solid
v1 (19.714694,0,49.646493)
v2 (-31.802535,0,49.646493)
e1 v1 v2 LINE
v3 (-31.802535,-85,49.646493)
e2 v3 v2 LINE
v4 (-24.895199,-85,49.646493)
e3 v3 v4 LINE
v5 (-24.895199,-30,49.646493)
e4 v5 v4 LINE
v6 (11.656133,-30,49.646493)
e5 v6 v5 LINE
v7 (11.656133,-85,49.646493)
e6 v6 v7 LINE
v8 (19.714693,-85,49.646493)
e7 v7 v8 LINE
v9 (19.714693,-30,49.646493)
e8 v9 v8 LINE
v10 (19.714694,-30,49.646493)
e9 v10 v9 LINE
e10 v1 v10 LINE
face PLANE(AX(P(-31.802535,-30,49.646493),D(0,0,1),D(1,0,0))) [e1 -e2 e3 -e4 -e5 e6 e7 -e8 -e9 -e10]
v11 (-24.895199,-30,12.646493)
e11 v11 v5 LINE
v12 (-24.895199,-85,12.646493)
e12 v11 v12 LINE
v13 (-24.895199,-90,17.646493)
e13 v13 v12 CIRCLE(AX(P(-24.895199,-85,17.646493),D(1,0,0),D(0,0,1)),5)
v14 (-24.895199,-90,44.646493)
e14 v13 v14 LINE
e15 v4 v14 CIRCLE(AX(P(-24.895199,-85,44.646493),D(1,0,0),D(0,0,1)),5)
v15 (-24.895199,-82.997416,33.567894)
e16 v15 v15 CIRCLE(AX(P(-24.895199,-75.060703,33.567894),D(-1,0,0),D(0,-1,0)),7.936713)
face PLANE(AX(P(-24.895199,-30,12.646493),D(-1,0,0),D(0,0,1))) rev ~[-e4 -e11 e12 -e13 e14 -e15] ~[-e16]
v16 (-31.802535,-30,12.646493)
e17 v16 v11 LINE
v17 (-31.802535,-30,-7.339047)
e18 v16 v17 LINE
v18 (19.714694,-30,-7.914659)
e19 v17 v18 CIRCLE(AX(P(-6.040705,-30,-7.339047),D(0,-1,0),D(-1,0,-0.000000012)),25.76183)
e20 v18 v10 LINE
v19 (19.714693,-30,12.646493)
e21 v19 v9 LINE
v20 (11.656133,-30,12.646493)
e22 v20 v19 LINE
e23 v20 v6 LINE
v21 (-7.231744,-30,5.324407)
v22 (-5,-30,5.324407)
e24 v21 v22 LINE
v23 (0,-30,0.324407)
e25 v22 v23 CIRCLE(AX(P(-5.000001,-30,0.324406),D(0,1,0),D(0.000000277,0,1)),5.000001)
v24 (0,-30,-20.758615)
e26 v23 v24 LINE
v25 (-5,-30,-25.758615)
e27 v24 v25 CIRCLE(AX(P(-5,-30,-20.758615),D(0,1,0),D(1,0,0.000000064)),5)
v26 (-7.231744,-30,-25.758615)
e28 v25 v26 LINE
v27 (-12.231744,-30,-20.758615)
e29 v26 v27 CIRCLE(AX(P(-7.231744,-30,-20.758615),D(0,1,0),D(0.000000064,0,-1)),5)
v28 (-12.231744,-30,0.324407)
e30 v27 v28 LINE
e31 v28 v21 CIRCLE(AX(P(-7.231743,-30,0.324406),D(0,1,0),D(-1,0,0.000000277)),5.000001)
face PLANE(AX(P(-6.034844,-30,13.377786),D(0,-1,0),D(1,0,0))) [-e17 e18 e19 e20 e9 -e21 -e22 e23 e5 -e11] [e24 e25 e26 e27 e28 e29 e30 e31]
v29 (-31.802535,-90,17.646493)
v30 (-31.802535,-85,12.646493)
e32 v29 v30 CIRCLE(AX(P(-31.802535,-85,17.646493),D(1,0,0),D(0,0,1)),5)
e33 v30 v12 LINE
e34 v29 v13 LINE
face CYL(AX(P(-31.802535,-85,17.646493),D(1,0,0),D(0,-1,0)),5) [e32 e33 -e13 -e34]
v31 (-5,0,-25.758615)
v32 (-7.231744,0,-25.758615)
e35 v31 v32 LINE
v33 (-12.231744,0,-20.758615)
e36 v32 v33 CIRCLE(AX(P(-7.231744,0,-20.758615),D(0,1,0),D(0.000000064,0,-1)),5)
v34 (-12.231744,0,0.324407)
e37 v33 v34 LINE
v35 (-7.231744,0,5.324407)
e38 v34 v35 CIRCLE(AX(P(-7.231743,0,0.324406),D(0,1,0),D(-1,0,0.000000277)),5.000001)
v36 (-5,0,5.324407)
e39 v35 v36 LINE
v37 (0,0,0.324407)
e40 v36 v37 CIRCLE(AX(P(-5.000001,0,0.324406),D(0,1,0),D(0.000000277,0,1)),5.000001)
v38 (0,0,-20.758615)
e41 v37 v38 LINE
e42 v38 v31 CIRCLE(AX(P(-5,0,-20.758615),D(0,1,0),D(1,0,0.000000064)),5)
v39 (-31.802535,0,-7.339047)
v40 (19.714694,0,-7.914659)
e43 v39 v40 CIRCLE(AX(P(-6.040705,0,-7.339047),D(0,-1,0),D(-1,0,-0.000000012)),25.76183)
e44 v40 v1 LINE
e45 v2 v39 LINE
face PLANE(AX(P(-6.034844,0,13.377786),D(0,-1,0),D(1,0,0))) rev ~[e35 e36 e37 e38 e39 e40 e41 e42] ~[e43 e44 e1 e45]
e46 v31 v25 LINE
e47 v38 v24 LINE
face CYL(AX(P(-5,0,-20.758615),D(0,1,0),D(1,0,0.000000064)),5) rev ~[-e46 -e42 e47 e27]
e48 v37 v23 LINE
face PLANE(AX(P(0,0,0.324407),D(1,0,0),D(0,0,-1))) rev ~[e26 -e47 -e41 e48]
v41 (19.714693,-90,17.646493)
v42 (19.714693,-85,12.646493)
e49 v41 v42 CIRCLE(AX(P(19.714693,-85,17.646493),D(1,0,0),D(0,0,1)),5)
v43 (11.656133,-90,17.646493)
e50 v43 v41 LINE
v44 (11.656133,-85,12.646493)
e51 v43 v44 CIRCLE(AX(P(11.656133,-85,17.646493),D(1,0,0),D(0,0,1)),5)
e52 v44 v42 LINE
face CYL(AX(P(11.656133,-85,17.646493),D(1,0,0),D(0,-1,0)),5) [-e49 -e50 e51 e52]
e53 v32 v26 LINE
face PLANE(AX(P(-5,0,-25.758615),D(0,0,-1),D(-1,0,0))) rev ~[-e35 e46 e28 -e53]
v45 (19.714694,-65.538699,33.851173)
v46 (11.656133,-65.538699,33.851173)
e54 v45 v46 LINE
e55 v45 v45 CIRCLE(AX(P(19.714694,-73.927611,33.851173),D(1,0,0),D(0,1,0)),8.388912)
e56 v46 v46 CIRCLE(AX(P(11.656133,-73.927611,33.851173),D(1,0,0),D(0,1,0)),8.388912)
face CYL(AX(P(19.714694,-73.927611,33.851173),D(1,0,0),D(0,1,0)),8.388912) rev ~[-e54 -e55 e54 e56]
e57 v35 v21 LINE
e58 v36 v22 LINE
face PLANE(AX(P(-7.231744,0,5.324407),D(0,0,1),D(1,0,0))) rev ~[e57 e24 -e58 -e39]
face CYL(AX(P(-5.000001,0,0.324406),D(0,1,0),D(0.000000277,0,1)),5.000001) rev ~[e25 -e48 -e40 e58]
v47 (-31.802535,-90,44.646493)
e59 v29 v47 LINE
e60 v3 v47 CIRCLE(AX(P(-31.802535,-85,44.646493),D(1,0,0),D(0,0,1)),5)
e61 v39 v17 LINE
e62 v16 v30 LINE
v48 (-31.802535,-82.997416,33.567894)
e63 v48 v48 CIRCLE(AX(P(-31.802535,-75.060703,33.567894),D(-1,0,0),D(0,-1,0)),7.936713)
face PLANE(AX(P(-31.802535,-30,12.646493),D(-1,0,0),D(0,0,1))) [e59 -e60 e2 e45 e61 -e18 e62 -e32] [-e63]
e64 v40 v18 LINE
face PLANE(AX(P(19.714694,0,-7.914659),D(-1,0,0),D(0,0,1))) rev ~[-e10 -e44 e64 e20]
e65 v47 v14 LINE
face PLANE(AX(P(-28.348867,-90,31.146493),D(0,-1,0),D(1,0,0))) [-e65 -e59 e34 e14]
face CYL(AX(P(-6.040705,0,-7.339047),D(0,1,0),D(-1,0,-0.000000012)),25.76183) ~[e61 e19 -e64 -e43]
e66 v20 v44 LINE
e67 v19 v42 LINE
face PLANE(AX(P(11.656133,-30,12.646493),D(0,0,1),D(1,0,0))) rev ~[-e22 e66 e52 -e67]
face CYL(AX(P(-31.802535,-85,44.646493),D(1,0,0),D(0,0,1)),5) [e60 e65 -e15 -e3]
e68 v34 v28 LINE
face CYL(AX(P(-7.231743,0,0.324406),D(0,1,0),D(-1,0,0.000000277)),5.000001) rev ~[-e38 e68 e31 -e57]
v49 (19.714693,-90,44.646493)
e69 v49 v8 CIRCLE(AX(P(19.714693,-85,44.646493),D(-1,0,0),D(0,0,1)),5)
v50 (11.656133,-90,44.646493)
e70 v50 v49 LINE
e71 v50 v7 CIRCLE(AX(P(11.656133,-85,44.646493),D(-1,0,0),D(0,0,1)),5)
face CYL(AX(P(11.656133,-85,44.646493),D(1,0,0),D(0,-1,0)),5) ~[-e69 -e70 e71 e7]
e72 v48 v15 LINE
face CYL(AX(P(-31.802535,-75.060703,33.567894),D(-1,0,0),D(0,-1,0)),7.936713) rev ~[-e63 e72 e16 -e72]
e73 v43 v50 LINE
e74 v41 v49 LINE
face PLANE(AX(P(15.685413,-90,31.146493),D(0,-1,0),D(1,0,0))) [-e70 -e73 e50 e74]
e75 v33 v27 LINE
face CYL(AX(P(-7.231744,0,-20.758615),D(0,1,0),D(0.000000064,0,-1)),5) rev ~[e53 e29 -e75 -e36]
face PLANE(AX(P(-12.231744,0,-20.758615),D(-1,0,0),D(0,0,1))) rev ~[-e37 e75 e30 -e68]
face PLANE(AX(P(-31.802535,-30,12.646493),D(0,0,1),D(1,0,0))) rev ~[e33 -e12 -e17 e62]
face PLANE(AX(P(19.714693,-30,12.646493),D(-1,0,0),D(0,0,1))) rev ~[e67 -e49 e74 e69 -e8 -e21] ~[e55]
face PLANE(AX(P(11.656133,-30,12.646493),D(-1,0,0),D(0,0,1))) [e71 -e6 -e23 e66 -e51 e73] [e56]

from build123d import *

# Parameters (mm, degrees)
F1_DEPTH = 30
F2_W     = 6.907336
F2_H     = 37
F2_W_2   = 8.058561
F3_DEPTH = 60
F4_R     = 5
F5_R     = 8.388912
F6_DEPTH = 30
F7_R     = 7.936713
F8_DEPTH = 30


with BuildPart() as f1:
    # F0 (on Front) → F1 (new body)
    with BuildSketch(Plane.XZ):
        with BuildLine():
            Line((19.714694, 49.646493), (-31.802535, 49.646493))
            Line((-31.802535, 49.646493), (-31.802535, -7.339047))
            ThreePointArc((-31.802535, -7.339047), (-6.328528, -33.099269), (19.714694, -7.914659))
            Line((19.714694, -7.914659), (19.714694, 49.646493))
        make_face()
        with BuildLine():
            ThreePointArc((-12.231744, 0.324407), (-10.767278, 3.85994), (-7.231744, 5.324407))
            Line((-7.231744, 5.324407), (-5, 5.324407))
            ThreePointArc((-5, 5.324407), (-1.464466, 3.85994), (0, 0.324407))
            Line((0, 0.324407), (0, -20.758615))
            ThreePointArc((0, -20.758615), (-1.464466, -24.294149), (-5, -25.758615))
            Line((-5, -25.758615), (-7.231744, -25.758615))
            ThreePointArc((-7.231744, -25.758615), (-10.767278, -24.294149), (-12.231744, -20.758615))
            Line((-12.231744, -20.758615), (-12.231744, 0.324407))
        make_face(mode=Mode.SUBTRACT)
    extrude(amount=F1_DEPTH)

    # F2 (on face) → F3 (join)
    with BuildSketch(Plane.XZ.offset(30)):
        with Locations((-28.348867, 31.146493)):
            Rectangle(F2_W, F2_H)
        with Locations((15.685413, 31.146493)):
            Rectangle(F2_W_2, F2_H)
    extrude(amount=F3_DEPTH)

    # F4
    f4_edges = [f1.edges().sort_by_distance(p)[0] for p in [
        (15.685413, -90, 49.646493),
        (15.685413, -90, 12.646493),
        (-28.348867, -90, 49.646493),
        (-28.348867, -90, 12.646493),
    ]]
    fillet(f4_edges, radius=F4_R)

    # F5 (on face) → F6 (cut)
    with BuildSketch(Plane.YZ.offset(19.714694)):
        with Locations((-73.927611, 33.851173)):
            Circle(F5_R)
    extrude(amount=-F6_DEPTH, mode=Mode.SUBTRACT)

    # F7 (on face) → F8 (cut)
    with BuildSketch(Plane(origin=(-31.802535, 0, 0), x_dir=(0, -1, 0), z_dir=(-1, 0, 0))):
        with Locations((75.060703, 33.567894)):
            Circle(F7_R)
    extrude(amount=-F8_DEPTH, mode=Mode.SUBTRACT)


solid = f1.part
